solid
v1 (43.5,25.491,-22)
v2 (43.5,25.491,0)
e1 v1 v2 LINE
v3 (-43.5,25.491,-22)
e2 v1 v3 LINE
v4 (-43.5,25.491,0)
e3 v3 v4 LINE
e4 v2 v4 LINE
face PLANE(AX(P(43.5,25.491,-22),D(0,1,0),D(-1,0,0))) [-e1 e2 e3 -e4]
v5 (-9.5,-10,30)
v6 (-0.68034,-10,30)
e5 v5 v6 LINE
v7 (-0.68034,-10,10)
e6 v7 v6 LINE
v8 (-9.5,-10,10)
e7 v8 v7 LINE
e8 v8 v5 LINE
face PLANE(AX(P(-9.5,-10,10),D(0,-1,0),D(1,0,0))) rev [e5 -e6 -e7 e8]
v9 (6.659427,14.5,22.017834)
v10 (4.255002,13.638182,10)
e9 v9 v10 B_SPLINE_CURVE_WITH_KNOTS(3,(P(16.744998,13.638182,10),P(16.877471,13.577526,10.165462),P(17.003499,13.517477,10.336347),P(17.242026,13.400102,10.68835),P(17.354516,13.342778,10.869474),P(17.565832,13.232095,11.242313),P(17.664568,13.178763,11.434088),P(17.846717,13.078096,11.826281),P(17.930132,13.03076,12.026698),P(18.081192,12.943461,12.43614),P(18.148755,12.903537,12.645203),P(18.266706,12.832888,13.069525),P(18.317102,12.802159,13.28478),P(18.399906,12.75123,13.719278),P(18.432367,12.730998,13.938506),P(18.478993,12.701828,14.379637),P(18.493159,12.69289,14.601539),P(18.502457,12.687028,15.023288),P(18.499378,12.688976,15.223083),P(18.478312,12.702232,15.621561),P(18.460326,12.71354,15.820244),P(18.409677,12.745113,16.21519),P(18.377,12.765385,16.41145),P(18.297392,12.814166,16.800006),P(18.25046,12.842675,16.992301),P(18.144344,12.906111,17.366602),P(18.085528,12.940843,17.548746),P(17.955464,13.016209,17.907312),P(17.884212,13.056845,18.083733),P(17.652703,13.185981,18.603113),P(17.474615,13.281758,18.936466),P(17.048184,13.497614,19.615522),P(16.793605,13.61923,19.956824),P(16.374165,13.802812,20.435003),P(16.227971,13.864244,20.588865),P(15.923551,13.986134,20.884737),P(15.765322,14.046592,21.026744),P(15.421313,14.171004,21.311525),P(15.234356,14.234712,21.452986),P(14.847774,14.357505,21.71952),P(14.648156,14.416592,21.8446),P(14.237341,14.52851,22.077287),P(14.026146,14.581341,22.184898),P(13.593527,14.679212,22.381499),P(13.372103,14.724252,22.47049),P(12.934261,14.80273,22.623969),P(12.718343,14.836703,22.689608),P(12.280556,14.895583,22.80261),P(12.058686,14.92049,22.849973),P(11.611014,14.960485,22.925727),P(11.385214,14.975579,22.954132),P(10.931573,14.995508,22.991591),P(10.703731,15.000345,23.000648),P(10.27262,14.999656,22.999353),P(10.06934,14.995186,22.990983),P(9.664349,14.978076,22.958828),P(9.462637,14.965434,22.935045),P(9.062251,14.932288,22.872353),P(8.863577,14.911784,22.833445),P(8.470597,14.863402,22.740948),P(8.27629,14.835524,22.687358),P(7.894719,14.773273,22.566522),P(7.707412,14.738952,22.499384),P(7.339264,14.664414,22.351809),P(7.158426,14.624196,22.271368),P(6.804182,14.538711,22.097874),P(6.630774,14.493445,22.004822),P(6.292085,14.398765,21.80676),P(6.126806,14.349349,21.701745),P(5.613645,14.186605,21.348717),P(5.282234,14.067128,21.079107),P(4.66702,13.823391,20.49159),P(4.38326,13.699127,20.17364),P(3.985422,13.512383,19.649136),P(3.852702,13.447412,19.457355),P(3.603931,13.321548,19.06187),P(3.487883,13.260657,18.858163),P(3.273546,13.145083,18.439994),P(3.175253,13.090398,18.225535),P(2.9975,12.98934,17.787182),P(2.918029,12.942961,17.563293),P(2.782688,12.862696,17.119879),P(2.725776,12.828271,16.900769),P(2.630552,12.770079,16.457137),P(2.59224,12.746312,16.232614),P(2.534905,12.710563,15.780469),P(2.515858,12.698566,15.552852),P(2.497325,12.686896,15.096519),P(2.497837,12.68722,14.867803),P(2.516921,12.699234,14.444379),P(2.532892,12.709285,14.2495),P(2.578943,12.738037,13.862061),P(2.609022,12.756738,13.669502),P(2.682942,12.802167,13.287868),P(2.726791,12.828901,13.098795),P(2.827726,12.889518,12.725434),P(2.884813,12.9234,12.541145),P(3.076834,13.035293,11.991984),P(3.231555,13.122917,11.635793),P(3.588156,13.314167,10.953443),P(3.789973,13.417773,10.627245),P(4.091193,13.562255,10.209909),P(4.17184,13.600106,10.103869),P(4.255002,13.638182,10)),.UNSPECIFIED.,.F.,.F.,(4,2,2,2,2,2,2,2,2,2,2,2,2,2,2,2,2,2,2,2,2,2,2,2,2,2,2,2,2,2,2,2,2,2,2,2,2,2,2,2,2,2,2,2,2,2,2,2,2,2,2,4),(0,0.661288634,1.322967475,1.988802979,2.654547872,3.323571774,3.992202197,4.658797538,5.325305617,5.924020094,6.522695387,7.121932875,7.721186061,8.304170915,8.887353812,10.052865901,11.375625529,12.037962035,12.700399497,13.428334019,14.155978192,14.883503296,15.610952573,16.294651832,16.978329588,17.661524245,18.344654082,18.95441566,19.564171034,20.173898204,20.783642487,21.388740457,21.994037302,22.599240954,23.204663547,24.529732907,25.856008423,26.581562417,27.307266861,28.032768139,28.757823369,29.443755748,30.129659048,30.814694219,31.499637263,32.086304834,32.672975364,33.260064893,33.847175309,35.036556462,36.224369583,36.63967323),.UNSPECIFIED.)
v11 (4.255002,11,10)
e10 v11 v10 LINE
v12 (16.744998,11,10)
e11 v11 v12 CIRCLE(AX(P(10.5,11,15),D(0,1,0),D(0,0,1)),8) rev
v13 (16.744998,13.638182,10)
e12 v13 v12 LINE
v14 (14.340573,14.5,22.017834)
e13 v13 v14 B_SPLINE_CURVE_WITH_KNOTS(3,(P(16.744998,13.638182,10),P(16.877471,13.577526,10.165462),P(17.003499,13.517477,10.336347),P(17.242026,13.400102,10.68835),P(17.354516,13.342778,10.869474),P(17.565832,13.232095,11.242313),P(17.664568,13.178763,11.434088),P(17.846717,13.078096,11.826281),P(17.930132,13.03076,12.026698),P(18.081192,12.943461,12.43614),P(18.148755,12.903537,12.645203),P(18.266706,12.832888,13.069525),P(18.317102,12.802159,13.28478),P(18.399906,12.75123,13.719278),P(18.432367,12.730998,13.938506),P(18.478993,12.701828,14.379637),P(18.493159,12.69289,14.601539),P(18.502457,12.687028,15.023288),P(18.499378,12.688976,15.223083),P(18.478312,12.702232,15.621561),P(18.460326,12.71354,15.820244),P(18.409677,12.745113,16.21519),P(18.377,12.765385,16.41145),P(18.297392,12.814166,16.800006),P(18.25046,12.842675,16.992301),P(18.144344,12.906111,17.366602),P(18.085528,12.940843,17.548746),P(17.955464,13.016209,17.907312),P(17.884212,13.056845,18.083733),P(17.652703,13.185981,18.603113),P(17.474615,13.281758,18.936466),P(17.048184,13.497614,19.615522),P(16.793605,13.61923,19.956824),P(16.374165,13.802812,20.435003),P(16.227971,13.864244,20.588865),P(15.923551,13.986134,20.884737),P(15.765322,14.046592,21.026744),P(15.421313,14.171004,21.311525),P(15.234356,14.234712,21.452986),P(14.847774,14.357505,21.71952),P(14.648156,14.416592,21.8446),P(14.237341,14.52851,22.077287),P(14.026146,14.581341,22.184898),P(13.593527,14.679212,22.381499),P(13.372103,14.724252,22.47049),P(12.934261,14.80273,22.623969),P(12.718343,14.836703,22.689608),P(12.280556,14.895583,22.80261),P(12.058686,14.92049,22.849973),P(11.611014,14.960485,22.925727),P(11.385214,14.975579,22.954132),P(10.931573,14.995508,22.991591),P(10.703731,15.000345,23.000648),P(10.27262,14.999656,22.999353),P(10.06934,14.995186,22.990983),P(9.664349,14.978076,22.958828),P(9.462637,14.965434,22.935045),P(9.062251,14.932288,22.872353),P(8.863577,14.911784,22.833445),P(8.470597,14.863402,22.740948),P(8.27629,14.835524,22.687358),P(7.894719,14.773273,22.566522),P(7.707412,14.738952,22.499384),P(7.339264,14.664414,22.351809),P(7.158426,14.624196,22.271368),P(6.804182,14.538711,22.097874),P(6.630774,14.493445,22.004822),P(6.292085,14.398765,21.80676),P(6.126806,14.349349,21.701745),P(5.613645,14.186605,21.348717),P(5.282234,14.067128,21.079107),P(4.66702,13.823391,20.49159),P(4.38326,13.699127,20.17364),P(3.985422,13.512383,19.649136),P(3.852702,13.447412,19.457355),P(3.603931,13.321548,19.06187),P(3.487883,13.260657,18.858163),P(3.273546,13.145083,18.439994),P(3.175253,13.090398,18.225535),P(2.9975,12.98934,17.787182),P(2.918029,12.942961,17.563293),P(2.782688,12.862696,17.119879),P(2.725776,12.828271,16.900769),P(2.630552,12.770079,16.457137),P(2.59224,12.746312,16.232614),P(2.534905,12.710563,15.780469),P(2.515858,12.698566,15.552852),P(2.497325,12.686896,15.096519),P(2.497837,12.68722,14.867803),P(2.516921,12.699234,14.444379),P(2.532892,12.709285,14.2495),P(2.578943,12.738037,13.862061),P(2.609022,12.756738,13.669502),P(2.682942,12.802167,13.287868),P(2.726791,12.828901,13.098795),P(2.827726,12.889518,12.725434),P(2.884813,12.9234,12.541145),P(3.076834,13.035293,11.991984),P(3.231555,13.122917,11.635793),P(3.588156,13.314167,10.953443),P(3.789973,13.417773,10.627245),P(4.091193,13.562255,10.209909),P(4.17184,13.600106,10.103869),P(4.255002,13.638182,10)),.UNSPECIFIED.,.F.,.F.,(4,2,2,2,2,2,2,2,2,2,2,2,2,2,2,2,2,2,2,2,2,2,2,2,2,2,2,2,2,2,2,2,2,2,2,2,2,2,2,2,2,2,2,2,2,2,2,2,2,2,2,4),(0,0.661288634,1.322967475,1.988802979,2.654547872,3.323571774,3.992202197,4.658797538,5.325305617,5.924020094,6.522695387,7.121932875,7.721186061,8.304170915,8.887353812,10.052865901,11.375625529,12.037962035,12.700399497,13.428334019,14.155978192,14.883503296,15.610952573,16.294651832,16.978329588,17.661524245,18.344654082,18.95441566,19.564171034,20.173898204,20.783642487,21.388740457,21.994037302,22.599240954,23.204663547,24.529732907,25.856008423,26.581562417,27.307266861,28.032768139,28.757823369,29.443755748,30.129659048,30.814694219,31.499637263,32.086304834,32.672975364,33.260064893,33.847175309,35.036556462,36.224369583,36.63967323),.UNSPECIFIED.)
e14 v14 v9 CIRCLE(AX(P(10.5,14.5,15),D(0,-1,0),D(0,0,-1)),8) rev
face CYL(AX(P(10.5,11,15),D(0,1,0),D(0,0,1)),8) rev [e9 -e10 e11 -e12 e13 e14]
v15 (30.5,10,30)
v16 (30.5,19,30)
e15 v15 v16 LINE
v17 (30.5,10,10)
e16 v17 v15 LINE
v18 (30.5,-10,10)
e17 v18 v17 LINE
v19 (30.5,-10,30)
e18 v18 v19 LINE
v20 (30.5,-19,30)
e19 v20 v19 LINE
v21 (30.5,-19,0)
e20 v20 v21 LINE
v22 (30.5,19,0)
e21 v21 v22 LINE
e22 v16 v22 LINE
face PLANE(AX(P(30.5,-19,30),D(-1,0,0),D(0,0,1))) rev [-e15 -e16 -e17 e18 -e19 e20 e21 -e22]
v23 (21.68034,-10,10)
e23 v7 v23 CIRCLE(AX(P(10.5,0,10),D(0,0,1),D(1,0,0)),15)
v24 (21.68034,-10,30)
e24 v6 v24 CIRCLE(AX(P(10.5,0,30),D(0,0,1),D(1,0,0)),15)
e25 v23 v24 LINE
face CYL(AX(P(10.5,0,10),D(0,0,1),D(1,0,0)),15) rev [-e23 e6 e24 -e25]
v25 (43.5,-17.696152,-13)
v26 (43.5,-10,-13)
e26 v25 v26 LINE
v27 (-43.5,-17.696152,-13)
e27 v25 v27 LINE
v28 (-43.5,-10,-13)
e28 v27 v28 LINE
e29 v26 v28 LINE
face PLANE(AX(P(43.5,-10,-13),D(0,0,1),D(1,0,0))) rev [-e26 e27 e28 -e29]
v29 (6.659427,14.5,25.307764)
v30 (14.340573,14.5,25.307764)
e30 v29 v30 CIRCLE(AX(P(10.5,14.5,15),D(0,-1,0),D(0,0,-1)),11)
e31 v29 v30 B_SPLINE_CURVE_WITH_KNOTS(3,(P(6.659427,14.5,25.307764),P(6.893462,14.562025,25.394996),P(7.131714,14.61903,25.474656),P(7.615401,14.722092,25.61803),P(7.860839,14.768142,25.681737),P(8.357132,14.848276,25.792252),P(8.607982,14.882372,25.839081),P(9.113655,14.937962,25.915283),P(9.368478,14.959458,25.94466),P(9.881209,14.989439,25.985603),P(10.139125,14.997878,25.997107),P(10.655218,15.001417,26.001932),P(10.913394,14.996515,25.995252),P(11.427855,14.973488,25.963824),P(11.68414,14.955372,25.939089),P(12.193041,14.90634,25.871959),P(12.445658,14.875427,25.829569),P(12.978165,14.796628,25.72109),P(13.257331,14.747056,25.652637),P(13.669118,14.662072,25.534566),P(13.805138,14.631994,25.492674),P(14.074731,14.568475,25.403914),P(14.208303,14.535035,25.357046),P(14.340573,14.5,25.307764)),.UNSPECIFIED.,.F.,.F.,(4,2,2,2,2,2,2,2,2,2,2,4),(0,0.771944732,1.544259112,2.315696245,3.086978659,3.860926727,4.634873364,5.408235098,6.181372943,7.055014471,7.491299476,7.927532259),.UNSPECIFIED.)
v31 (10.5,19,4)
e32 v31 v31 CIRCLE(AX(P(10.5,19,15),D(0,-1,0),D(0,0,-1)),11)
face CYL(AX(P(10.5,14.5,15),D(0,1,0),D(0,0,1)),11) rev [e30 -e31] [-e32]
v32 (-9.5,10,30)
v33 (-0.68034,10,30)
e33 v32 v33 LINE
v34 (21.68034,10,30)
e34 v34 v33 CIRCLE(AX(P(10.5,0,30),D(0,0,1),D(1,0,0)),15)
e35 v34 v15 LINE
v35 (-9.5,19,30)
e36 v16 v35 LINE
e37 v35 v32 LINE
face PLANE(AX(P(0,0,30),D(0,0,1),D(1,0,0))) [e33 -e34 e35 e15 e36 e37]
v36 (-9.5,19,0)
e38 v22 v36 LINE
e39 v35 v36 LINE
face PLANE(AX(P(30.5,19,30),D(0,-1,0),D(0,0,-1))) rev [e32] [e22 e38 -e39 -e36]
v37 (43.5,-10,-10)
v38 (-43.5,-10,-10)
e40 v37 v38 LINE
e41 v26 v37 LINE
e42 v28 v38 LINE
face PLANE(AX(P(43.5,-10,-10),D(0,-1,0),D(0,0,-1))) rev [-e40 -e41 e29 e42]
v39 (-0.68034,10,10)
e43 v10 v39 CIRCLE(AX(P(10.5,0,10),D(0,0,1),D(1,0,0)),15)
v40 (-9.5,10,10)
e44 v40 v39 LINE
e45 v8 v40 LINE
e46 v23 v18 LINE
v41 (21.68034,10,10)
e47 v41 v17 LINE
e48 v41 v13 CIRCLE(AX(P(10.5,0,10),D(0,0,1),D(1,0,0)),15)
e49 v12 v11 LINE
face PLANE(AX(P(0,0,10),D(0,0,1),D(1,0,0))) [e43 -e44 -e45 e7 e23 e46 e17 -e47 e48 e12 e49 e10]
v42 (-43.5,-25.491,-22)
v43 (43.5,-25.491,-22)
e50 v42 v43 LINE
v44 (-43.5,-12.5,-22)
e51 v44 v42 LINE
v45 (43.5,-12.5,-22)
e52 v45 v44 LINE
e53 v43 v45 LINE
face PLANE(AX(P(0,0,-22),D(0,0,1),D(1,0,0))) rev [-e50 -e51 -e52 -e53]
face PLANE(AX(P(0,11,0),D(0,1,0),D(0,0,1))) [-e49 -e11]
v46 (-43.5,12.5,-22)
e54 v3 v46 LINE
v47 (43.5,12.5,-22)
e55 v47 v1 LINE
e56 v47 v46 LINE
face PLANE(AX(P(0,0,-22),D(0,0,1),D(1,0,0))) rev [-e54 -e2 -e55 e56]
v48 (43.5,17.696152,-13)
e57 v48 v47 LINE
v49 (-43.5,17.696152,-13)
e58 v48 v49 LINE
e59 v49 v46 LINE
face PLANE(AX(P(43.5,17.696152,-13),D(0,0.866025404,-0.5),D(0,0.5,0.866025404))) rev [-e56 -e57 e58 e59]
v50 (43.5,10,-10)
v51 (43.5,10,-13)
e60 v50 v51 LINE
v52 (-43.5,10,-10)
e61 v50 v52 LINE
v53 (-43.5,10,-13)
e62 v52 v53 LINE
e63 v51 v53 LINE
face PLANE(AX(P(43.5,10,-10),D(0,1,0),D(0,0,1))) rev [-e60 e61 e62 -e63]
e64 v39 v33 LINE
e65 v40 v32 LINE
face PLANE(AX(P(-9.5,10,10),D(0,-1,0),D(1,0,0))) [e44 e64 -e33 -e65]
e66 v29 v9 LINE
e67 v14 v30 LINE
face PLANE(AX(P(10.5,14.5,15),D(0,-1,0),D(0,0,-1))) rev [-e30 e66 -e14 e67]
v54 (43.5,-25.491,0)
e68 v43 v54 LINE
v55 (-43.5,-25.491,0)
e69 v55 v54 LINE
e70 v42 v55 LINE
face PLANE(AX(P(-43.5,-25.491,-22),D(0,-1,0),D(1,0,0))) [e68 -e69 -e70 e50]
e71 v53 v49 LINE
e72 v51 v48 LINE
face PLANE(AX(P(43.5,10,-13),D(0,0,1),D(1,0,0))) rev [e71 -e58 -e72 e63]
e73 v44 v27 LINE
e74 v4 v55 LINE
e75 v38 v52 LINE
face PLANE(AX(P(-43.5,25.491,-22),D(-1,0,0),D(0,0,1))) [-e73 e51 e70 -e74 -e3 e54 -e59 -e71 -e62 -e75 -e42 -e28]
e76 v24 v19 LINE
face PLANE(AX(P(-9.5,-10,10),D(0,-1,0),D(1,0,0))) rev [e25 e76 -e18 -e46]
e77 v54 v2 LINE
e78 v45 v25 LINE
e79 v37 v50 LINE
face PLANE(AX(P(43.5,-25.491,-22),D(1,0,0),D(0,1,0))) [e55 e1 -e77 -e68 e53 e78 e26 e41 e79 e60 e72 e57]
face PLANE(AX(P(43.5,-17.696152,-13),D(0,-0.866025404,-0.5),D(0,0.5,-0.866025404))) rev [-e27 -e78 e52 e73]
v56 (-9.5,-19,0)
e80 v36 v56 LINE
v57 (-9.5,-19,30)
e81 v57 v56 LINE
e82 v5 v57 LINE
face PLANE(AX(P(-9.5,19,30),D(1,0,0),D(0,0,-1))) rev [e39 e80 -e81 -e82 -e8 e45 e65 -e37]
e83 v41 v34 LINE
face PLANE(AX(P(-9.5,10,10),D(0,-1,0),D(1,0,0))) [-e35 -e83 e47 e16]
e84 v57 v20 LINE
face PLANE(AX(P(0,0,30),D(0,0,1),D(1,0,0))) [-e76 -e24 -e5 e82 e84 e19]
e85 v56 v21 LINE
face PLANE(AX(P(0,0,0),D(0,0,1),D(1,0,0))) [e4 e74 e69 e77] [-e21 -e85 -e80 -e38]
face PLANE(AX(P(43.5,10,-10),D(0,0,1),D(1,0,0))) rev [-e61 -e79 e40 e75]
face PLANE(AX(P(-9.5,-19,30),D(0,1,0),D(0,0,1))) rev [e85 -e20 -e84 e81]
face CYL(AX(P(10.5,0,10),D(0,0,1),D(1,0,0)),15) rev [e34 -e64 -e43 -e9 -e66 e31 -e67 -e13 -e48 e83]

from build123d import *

# Parameters (mm, degrees)
SKETCH1_W         = 87
SKETCH1_H         = 50.982
BASE_YELLOW_DEPTH = 22
SKETCH5_W         = 40
SKETCH5_H         = 38
BASE_RED_DEPTH    = 30
BASE_TURKIZ_DEPTH = 88
SKETCH2_R         = 11
COUNTERBOR_DEPTH  = 4.5
SKETCH7_R         = 15
SKETCH7_W         = 40
SKETCH7_H         = 20
BASE_PURPLE_DEPTH = 20
SKETCH2_5_R       = 8
COUNTERBOR2_DEPTH = 8


with BuildPart() as part:
    # Sketch1 → base-yellow (new body)
    with BuildSketch(Plane.XY):
        Rectangle(SKETCH1_W, SKETCH1_H)
    extrude(amount=-BASE_YELLOW_DEPTH)

    # Sketch5 → base-red (add)
    with BuildSketch(Plane.XY):
        with Locations((10.5, 0)):
            Rectangle(SKETCH5_W, SKETCH5_H)
    extrude(amount=BASE_RED_DEPTH)

    # Sketch8 → base-turkiz (cut, through all)
    with BuildSketch(Plane.ZY.offset(43.5)):
        Polygon((-10, 10), (-10, -10), (-13, -10), (-13, -17.696152423), (-22, -12.5), (-22, 12.5), (-13, 17.696152423), (-13, 10), align=None)
    extrude(amount=-BASE_TURKIZ_DEPTH, mode=Mode.SUBTRACT)

    # Sketch2 → counterbor (cut)
    with BuildSketch(Plane(origin=(0, 19, -19), x_dir=(1, 0, 0), z_dir=(0, -1, 0))):
        with Locations((10.5, 34)):
            Circle(SKETCH2_R)
    extrude(amount=COUNTERBOR_DEPTH, mode=Mode.SUBTRACT)

    # Sketch7 → base-purple (cut)
    with BuildSketch(Plane.XY.offset(30)):
        with Locations((10.5, 0)):
            Circle(SKETCH7_R)
        with Locations((10.5, 0)):
            Rectangle(SKETCH7_W, SKETCH7_H)
    extrude(amount=-BASE_PURPLE_DEPTH, mode=Mode.SUBTRACT)

    # Sketch2<5> → counterbor2 (cut)
    with BuildSketch(Plane(origin=(0, 19, -19), x_dir=(1, 0, 0), z_dir=(0, -1, 0))):
        with Locations((10.5, 34)):
            Circle(SKETCH2_5_R)
    extrude(amount=COUNTERBOR2_DEPTH, mode=Mode.SUBTRACT)


solid = part.part
